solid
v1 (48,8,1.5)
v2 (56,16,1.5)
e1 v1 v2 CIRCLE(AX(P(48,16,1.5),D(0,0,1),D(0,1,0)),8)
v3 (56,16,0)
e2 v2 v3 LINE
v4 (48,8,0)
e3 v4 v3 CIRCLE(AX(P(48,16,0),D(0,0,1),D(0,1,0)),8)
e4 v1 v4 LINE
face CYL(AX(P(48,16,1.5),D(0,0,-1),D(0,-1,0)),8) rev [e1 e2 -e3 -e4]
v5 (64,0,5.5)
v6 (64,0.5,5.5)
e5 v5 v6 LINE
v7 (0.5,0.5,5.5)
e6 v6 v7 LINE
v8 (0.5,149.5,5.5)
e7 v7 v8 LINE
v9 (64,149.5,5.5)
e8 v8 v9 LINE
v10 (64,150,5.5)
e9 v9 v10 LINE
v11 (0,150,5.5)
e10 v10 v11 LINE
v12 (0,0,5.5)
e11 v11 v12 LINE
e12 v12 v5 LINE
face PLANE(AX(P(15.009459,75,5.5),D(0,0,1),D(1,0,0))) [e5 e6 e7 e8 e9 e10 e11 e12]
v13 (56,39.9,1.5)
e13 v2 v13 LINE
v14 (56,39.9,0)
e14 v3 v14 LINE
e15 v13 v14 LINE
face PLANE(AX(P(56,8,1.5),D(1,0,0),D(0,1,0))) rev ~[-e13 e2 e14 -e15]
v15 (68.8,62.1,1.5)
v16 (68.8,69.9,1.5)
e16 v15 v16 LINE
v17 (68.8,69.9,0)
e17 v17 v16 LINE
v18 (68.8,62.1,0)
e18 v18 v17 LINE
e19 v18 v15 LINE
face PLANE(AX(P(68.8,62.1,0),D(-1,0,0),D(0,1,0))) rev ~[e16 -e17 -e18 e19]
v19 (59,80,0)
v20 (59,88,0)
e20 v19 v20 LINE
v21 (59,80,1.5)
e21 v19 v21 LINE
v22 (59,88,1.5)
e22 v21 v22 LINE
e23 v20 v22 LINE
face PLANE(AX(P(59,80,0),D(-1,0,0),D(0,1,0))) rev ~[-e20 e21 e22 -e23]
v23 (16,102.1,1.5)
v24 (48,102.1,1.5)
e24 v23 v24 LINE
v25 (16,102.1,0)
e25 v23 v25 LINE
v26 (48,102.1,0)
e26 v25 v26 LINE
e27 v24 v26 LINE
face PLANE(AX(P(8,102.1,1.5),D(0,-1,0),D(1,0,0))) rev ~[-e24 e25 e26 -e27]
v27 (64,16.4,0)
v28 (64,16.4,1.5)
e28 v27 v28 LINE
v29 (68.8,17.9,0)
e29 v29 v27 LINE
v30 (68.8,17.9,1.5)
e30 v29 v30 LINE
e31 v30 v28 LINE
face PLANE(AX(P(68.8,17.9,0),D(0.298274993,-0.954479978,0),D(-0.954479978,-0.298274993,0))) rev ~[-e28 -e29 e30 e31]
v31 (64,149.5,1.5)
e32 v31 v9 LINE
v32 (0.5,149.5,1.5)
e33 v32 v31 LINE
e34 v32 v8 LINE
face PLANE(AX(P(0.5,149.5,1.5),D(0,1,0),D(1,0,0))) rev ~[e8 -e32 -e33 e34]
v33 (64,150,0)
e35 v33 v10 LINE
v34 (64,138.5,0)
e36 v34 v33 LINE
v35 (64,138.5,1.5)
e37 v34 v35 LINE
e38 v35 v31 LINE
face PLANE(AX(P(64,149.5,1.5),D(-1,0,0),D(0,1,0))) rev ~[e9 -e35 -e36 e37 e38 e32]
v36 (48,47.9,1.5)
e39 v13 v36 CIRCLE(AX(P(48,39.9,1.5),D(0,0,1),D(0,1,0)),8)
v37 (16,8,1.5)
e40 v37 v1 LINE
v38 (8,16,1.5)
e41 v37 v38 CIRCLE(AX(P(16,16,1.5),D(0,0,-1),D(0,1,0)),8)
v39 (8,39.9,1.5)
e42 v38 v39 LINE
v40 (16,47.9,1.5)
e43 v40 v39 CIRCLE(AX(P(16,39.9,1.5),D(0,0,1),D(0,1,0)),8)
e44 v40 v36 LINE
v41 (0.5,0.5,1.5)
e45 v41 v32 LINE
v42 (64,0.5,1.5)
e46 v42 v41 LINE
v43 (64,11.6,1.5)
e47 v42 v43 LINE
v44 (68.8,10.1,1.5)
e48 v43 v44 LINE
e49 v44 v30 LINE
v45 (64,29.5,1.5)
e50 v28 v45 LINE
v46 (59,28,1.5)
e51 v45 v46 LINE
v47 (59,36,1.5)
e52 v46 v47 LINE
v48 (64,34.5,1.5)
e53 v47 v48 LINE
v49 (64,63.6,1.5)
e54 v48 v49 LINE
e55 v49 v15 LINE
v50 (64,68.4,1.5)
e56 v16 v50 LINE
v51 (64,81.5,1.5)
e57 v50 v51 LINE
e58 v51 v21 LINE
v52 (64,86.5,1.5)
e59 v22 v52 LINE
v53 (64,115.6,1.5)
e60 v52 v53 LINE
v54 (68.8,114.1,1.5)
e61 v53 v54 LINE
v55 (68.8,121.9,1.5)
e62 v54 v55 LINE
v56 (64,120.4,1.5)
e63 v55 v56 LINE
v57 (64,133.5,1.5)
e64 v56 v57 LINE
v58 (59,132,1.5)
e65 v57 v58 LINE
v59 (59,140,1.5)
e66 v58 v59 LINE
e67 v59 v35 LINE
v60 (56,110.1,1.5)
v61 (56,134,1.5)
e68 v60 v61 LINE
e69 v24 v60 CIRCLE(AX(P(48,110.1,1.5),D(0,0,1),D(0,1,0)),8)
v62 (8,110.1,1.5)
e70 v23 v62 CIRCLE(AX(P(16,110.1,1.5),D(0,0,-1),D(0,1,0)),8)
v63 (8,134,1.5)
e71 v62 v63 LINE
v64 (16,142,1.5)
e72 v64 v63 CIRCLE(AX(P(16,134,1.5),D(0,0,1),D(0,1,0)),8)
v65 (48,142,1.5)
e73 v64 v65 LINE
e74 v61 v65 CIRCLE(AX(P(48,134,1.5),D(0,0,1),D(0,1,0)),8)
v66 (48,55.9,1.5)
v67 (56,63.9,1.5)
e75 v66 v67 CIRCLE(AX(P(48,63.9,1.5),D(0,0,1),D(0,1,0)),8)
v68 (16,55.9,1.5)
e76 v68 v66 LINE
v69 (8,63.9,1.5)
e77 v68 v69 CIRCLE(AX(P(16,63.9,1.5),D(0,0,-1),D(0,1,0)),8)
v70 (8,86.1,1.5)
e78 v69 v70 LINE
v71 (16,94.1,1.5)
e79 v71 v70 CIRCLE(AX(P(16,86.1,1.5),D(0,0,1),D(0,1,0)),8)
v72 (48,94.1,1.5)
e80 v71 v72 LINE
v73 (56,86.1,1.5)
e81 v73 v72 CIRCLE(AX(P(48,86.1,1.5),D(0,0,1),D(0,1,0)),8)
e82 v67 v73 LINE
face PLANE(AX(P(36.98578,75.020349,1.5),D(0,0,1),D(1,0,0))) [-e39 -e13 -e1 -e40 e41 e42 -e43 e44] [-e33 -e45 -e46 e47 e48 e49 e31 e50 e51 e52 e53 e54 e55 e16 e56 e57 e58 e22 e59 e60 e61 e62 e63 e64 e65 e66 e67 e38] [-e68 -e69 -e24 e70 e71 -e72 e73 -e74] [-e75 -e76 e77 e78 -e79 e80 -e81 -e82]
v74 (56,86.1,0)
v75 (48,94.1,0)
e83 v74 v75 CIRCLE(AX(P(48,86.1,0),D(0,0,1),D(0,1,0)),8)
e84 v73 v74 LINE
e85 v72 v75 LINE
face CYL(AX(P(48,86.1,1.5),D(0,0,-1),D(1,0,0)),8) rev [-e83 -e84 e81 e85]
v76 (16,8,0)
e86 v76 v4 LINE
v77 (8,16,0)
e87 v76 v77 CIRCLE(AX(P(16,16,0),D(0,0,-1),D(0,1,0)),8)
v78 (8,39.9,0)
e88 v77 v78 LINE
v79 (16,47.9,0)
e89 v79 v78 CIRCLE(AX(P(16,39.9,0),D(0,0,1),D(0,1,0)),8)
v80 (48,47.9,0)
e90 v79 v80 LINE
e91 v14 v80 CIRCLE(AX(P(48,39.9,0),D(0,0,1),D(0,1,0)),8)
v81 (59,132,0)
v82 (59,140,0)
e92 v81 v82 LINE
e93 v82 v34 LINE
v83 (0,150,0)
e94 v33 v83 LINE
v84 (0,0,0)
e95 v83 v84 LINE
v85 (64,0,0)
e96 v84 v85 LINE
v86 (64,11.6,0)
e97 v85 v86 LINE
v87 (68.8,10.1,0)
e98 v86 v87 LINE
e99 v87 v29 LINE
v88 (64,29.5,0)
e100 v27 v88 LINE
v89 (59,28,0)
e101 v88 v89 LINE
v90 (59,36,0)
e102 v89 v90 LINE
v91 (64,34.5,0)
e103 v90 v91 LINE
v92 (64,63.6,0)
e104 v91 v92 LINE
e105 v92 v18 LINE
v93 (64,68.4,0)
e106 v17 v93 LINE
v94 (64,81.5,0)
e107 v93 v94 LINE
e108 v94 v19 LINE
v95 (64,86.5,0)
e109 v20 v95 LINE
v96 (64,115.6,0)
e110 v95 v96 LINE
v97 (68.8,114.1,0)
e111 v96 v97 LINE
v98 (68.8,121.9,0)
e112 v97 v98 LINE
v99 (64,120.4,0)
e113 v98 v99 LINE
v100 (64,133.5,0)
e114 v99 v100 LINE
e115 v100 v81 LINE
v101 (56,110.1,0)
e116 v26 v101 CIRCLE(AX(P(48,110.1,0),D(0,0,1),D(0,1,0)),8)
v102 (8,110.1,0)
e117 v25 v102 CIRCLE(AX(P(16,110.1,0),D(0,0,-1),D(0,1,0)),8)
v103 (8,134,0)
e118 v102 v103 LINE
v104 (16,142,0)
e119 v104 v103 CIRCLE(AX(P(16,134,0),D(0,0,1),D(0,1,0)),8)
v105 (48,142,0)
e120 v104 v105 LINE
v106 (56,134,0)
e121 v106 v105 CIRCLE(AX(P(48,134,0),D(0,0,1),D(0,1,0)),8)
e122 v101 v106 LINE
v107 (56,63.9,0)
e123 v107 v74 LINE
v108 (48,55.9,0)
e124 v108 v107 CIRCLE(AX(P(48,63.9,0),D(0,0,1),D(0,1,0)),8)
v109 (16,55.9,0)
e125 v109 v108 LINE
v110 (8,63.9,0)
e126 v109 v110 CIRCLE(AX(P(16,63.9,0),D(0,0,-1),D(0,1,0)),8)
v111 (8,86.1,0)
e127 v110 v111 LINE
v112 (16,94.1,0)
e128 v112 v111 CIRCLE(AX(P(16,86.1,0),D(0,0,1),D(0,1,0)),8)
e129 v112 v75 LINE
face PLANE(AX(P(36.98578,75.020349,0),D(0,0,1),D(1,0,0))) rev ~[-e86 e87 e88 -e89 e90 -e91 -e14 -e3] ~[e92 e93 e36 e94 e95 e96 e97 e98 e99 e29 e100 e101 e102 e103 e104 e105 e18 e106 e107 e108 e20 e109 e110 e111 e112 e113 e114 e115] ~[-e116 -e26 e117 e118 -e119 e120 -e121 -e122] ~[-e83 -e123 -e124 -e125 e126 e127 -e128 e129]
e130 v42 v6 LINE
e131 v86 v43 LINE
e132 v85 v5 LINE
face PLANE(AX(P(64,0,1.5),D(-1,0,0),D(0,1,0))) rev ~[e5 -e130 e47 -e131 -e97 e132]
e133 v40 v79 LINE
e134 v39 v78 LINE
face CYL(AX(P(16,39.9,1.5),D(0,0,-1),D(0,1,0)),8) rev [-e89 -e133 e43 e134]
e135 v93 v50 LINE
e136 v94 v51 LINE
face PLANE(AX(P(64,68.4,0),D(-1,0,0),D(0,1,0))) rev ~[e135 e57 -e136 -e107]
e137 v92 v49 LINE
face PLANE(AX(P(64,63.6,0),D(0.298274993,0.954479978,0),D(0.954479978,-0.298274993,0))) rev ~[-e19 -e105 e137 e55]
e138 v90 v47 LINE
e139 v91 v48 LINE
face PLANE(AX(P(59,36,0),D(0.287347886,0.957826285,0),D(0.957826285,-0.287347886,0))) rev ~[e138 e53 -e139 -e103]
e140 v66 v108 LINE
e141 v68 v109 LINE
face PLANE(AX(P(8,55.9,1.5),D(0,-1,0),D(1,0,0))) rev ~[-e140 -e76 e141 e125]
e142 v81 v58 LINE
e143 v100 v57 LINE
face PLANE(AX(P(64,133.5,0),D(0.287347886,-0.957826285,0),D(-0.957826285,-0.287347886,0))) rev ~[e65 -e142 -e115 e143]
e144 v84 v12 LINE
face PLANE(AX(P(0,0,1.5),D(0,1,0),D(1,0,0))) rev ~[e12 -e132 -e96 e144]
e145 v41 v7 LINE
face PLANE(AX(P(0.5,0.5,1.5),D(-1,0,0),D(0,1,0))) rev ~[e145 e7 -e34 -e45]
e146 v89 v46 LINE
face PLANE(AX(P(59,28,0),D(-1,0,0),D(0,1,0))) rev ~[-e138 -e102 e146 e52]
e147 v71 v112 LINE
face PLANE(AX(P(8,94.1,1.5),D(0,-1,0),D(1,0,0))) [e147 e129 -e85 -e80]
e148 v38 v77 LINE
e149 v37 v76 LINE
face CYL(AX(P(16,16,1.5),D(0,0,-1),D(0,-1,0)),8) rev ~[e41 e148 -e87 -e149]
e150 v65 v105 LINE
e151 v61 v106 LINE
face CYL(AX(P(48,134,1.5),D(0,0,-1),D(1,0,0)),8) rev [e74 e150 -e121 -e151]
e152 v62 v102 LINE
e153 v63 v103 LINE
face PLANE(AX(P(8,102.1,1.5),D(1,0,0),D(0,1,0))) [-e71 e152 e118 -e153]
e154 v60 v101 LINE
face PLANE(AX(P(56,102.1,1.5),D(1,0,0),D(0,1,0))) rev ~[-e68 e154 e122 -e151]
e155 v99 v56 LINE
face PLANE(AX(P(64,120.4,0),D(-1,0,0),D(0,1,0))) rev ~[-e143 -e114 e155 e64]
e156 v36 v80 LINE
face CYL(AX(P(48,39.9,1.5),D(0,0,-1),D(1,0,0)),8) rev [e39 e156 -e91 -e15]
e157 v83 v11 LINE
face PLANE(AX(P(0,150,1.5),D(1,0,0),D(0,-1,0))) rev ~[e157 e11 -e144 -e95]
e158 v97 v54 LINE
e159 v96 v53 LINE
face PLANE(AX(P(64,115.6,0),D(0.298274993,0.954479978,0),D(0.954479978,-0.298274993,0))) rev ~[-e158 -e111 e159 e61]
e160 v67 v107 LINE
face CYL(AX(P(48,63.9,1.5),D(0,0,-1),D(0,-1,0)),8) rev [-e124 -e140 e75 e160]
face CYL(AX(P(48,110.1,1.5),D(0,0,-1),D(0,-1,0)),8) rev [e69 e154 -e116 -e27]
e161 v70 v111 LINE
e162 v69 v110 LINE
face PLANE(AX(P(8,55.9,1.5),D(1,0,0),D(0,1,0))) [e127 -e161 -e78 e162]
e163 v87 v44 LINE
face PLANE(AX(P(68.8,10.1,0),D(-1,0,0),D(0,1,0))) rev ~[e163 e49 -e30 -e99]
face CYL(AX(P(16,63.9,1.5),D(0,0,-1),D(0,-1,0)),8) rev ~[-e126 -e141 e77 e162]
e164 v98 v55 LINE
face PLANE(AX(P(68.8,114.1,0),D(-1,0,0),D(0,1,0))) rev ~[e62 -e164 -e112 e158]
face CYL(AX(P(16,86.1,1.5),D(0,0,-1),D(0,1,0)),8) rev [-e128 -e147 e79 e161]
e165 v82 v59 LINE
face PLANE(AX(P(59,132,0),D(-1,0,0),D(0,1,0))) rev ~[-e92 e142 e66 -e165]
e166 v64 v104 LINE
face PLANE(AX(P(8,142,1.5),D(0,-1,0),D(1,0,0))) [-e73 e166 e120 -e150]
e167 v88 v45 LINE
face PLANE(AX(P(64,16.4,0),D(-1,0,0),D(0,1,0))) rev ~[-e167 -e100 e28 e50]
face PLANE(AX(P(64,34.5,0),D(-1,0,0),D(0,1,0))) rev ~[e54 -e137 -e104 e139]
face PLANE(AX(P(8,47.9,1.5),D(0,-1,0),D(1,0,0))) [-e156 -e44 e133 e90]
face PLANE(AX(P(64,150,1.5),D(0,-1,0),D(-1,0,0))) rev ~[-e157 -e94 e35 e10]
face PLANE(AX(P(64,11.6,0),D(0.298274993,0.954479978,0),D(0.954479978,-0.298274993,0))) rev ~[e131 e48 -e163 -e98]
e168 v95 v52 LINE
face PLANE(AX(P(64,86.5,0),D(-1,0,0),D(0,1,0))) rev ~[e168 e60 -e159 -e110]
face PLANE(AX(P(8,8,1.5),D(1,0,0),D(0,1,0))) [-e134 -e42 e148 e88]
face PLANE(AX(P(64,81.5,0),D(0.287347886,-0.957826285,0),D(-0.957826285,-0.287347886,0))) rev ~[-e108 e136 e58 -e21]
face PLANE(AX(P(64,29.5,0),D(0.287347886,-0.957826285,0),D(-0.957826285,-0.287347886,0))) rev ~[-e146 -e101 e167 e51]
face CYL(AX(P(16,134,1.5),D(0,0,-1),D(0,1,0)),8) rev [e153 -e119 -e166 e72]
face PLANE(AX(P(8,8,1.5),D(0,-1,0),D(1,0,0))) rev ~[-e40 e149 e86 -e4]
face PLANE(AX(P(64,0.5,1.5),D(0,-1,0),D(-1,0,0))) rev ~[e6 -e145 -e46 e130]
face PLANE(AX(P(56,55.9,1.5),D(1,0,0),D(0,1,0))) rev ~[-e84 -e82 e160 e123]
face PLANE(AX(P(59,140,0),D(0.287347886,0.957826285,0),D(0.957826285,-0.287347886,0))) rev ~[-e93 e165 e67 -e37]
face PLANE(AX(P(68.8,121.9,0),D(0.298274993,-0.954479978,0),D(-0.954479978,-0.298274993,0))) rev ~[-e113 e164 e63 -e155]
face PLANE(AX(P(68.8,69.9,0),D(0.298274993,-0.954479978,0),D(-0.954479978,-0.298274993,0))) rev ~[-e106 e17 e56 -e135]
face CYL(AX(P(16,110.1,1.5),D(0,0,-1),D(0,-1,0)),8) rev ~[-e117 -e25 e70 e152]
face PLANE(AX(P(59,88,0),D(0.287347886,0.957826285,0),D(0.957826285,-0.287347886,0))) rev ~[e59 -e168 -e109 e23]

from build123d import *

# Parameters (mm, degrees)
F1_DEPTH = 1.5
F2_W     = 48
F2_H     = 39.9
F2_H_2   = 38.2
F3_DEPTH = 1.501
F4_R     = 8
F6_DEPTH = 4


with BuildPart() as f1:
    # F0 (on Top) → F1 (new body)
    with BuildSketch(Plane.XY):
        Polygon((0, 150), (0, 0), (64, 0), (64, 11.6), (68.8, 10.1), (68.8, 17.9), (64, 16.4), (64, 29.5), (59, 28), (59, 36), (64, 34.5), (64, 63.6), (68.8, 62.1), (68.8, 69.9), (64, 68.4), (64, 81.5), (59, 80), (59, 88), (64, 86.5), (64, 115.6), (68.8, 114.1), (68.8, 121.9), (64, 120.4), (64, 133.5), (59, 132), (59, 140), (64, 138.5), (64, 150), align=None)
    extrude(amount=F1_DEPTH)

    # F2 (on face) → F3 (cut, through all)
    with BuildSketch(Plane.XY.offset(1.5)):
        with Locations((32, 122.05)):
            Rectangle(F2_W, F2_H)
        with Locations((32, 75)):
            Rectangle(F2_W, F2_H_2)
        with Locations((32, 27.95)):
            Rectangle(F2_W, F2_H)
    extrude(amount=-F3_DEPTH, mode=Mode.SUBTRACT)

    # F4
    f4_edges = [f1.edges().sort_by_distance(p)[0] for p in [
        (8, 142, 0.75),
        (8, 94.1, 0.75),
        (8, 47.9, 0.75),
        (56, 142, 0.75),
        (56, 94.1, 0.75),
        (56, 47.9, 0.75),
        (56, 102.1, 0.75),
        (56, 55.9, 0.75),
        (56, 8, 0.75),
        (8, 8, 0.75),
        (8, 55.9, 0.75),
        (8, 102.1, 0.75),
    ]]
    fillet(f4_edges, radius=F4_R)

    # F5 (on face) → F6 (join)
    with BuildSketch(Plane.XY.offset(1.5)):
        Polygon((64, 149.5), (64, 150), (0, 150), (0, 0), (64, 0), (64, 0.5), (0.5, 0.5), (0.5, 149.5), align=None)
    extrude(amount=F6_DEPTH)


solid = f1.part
